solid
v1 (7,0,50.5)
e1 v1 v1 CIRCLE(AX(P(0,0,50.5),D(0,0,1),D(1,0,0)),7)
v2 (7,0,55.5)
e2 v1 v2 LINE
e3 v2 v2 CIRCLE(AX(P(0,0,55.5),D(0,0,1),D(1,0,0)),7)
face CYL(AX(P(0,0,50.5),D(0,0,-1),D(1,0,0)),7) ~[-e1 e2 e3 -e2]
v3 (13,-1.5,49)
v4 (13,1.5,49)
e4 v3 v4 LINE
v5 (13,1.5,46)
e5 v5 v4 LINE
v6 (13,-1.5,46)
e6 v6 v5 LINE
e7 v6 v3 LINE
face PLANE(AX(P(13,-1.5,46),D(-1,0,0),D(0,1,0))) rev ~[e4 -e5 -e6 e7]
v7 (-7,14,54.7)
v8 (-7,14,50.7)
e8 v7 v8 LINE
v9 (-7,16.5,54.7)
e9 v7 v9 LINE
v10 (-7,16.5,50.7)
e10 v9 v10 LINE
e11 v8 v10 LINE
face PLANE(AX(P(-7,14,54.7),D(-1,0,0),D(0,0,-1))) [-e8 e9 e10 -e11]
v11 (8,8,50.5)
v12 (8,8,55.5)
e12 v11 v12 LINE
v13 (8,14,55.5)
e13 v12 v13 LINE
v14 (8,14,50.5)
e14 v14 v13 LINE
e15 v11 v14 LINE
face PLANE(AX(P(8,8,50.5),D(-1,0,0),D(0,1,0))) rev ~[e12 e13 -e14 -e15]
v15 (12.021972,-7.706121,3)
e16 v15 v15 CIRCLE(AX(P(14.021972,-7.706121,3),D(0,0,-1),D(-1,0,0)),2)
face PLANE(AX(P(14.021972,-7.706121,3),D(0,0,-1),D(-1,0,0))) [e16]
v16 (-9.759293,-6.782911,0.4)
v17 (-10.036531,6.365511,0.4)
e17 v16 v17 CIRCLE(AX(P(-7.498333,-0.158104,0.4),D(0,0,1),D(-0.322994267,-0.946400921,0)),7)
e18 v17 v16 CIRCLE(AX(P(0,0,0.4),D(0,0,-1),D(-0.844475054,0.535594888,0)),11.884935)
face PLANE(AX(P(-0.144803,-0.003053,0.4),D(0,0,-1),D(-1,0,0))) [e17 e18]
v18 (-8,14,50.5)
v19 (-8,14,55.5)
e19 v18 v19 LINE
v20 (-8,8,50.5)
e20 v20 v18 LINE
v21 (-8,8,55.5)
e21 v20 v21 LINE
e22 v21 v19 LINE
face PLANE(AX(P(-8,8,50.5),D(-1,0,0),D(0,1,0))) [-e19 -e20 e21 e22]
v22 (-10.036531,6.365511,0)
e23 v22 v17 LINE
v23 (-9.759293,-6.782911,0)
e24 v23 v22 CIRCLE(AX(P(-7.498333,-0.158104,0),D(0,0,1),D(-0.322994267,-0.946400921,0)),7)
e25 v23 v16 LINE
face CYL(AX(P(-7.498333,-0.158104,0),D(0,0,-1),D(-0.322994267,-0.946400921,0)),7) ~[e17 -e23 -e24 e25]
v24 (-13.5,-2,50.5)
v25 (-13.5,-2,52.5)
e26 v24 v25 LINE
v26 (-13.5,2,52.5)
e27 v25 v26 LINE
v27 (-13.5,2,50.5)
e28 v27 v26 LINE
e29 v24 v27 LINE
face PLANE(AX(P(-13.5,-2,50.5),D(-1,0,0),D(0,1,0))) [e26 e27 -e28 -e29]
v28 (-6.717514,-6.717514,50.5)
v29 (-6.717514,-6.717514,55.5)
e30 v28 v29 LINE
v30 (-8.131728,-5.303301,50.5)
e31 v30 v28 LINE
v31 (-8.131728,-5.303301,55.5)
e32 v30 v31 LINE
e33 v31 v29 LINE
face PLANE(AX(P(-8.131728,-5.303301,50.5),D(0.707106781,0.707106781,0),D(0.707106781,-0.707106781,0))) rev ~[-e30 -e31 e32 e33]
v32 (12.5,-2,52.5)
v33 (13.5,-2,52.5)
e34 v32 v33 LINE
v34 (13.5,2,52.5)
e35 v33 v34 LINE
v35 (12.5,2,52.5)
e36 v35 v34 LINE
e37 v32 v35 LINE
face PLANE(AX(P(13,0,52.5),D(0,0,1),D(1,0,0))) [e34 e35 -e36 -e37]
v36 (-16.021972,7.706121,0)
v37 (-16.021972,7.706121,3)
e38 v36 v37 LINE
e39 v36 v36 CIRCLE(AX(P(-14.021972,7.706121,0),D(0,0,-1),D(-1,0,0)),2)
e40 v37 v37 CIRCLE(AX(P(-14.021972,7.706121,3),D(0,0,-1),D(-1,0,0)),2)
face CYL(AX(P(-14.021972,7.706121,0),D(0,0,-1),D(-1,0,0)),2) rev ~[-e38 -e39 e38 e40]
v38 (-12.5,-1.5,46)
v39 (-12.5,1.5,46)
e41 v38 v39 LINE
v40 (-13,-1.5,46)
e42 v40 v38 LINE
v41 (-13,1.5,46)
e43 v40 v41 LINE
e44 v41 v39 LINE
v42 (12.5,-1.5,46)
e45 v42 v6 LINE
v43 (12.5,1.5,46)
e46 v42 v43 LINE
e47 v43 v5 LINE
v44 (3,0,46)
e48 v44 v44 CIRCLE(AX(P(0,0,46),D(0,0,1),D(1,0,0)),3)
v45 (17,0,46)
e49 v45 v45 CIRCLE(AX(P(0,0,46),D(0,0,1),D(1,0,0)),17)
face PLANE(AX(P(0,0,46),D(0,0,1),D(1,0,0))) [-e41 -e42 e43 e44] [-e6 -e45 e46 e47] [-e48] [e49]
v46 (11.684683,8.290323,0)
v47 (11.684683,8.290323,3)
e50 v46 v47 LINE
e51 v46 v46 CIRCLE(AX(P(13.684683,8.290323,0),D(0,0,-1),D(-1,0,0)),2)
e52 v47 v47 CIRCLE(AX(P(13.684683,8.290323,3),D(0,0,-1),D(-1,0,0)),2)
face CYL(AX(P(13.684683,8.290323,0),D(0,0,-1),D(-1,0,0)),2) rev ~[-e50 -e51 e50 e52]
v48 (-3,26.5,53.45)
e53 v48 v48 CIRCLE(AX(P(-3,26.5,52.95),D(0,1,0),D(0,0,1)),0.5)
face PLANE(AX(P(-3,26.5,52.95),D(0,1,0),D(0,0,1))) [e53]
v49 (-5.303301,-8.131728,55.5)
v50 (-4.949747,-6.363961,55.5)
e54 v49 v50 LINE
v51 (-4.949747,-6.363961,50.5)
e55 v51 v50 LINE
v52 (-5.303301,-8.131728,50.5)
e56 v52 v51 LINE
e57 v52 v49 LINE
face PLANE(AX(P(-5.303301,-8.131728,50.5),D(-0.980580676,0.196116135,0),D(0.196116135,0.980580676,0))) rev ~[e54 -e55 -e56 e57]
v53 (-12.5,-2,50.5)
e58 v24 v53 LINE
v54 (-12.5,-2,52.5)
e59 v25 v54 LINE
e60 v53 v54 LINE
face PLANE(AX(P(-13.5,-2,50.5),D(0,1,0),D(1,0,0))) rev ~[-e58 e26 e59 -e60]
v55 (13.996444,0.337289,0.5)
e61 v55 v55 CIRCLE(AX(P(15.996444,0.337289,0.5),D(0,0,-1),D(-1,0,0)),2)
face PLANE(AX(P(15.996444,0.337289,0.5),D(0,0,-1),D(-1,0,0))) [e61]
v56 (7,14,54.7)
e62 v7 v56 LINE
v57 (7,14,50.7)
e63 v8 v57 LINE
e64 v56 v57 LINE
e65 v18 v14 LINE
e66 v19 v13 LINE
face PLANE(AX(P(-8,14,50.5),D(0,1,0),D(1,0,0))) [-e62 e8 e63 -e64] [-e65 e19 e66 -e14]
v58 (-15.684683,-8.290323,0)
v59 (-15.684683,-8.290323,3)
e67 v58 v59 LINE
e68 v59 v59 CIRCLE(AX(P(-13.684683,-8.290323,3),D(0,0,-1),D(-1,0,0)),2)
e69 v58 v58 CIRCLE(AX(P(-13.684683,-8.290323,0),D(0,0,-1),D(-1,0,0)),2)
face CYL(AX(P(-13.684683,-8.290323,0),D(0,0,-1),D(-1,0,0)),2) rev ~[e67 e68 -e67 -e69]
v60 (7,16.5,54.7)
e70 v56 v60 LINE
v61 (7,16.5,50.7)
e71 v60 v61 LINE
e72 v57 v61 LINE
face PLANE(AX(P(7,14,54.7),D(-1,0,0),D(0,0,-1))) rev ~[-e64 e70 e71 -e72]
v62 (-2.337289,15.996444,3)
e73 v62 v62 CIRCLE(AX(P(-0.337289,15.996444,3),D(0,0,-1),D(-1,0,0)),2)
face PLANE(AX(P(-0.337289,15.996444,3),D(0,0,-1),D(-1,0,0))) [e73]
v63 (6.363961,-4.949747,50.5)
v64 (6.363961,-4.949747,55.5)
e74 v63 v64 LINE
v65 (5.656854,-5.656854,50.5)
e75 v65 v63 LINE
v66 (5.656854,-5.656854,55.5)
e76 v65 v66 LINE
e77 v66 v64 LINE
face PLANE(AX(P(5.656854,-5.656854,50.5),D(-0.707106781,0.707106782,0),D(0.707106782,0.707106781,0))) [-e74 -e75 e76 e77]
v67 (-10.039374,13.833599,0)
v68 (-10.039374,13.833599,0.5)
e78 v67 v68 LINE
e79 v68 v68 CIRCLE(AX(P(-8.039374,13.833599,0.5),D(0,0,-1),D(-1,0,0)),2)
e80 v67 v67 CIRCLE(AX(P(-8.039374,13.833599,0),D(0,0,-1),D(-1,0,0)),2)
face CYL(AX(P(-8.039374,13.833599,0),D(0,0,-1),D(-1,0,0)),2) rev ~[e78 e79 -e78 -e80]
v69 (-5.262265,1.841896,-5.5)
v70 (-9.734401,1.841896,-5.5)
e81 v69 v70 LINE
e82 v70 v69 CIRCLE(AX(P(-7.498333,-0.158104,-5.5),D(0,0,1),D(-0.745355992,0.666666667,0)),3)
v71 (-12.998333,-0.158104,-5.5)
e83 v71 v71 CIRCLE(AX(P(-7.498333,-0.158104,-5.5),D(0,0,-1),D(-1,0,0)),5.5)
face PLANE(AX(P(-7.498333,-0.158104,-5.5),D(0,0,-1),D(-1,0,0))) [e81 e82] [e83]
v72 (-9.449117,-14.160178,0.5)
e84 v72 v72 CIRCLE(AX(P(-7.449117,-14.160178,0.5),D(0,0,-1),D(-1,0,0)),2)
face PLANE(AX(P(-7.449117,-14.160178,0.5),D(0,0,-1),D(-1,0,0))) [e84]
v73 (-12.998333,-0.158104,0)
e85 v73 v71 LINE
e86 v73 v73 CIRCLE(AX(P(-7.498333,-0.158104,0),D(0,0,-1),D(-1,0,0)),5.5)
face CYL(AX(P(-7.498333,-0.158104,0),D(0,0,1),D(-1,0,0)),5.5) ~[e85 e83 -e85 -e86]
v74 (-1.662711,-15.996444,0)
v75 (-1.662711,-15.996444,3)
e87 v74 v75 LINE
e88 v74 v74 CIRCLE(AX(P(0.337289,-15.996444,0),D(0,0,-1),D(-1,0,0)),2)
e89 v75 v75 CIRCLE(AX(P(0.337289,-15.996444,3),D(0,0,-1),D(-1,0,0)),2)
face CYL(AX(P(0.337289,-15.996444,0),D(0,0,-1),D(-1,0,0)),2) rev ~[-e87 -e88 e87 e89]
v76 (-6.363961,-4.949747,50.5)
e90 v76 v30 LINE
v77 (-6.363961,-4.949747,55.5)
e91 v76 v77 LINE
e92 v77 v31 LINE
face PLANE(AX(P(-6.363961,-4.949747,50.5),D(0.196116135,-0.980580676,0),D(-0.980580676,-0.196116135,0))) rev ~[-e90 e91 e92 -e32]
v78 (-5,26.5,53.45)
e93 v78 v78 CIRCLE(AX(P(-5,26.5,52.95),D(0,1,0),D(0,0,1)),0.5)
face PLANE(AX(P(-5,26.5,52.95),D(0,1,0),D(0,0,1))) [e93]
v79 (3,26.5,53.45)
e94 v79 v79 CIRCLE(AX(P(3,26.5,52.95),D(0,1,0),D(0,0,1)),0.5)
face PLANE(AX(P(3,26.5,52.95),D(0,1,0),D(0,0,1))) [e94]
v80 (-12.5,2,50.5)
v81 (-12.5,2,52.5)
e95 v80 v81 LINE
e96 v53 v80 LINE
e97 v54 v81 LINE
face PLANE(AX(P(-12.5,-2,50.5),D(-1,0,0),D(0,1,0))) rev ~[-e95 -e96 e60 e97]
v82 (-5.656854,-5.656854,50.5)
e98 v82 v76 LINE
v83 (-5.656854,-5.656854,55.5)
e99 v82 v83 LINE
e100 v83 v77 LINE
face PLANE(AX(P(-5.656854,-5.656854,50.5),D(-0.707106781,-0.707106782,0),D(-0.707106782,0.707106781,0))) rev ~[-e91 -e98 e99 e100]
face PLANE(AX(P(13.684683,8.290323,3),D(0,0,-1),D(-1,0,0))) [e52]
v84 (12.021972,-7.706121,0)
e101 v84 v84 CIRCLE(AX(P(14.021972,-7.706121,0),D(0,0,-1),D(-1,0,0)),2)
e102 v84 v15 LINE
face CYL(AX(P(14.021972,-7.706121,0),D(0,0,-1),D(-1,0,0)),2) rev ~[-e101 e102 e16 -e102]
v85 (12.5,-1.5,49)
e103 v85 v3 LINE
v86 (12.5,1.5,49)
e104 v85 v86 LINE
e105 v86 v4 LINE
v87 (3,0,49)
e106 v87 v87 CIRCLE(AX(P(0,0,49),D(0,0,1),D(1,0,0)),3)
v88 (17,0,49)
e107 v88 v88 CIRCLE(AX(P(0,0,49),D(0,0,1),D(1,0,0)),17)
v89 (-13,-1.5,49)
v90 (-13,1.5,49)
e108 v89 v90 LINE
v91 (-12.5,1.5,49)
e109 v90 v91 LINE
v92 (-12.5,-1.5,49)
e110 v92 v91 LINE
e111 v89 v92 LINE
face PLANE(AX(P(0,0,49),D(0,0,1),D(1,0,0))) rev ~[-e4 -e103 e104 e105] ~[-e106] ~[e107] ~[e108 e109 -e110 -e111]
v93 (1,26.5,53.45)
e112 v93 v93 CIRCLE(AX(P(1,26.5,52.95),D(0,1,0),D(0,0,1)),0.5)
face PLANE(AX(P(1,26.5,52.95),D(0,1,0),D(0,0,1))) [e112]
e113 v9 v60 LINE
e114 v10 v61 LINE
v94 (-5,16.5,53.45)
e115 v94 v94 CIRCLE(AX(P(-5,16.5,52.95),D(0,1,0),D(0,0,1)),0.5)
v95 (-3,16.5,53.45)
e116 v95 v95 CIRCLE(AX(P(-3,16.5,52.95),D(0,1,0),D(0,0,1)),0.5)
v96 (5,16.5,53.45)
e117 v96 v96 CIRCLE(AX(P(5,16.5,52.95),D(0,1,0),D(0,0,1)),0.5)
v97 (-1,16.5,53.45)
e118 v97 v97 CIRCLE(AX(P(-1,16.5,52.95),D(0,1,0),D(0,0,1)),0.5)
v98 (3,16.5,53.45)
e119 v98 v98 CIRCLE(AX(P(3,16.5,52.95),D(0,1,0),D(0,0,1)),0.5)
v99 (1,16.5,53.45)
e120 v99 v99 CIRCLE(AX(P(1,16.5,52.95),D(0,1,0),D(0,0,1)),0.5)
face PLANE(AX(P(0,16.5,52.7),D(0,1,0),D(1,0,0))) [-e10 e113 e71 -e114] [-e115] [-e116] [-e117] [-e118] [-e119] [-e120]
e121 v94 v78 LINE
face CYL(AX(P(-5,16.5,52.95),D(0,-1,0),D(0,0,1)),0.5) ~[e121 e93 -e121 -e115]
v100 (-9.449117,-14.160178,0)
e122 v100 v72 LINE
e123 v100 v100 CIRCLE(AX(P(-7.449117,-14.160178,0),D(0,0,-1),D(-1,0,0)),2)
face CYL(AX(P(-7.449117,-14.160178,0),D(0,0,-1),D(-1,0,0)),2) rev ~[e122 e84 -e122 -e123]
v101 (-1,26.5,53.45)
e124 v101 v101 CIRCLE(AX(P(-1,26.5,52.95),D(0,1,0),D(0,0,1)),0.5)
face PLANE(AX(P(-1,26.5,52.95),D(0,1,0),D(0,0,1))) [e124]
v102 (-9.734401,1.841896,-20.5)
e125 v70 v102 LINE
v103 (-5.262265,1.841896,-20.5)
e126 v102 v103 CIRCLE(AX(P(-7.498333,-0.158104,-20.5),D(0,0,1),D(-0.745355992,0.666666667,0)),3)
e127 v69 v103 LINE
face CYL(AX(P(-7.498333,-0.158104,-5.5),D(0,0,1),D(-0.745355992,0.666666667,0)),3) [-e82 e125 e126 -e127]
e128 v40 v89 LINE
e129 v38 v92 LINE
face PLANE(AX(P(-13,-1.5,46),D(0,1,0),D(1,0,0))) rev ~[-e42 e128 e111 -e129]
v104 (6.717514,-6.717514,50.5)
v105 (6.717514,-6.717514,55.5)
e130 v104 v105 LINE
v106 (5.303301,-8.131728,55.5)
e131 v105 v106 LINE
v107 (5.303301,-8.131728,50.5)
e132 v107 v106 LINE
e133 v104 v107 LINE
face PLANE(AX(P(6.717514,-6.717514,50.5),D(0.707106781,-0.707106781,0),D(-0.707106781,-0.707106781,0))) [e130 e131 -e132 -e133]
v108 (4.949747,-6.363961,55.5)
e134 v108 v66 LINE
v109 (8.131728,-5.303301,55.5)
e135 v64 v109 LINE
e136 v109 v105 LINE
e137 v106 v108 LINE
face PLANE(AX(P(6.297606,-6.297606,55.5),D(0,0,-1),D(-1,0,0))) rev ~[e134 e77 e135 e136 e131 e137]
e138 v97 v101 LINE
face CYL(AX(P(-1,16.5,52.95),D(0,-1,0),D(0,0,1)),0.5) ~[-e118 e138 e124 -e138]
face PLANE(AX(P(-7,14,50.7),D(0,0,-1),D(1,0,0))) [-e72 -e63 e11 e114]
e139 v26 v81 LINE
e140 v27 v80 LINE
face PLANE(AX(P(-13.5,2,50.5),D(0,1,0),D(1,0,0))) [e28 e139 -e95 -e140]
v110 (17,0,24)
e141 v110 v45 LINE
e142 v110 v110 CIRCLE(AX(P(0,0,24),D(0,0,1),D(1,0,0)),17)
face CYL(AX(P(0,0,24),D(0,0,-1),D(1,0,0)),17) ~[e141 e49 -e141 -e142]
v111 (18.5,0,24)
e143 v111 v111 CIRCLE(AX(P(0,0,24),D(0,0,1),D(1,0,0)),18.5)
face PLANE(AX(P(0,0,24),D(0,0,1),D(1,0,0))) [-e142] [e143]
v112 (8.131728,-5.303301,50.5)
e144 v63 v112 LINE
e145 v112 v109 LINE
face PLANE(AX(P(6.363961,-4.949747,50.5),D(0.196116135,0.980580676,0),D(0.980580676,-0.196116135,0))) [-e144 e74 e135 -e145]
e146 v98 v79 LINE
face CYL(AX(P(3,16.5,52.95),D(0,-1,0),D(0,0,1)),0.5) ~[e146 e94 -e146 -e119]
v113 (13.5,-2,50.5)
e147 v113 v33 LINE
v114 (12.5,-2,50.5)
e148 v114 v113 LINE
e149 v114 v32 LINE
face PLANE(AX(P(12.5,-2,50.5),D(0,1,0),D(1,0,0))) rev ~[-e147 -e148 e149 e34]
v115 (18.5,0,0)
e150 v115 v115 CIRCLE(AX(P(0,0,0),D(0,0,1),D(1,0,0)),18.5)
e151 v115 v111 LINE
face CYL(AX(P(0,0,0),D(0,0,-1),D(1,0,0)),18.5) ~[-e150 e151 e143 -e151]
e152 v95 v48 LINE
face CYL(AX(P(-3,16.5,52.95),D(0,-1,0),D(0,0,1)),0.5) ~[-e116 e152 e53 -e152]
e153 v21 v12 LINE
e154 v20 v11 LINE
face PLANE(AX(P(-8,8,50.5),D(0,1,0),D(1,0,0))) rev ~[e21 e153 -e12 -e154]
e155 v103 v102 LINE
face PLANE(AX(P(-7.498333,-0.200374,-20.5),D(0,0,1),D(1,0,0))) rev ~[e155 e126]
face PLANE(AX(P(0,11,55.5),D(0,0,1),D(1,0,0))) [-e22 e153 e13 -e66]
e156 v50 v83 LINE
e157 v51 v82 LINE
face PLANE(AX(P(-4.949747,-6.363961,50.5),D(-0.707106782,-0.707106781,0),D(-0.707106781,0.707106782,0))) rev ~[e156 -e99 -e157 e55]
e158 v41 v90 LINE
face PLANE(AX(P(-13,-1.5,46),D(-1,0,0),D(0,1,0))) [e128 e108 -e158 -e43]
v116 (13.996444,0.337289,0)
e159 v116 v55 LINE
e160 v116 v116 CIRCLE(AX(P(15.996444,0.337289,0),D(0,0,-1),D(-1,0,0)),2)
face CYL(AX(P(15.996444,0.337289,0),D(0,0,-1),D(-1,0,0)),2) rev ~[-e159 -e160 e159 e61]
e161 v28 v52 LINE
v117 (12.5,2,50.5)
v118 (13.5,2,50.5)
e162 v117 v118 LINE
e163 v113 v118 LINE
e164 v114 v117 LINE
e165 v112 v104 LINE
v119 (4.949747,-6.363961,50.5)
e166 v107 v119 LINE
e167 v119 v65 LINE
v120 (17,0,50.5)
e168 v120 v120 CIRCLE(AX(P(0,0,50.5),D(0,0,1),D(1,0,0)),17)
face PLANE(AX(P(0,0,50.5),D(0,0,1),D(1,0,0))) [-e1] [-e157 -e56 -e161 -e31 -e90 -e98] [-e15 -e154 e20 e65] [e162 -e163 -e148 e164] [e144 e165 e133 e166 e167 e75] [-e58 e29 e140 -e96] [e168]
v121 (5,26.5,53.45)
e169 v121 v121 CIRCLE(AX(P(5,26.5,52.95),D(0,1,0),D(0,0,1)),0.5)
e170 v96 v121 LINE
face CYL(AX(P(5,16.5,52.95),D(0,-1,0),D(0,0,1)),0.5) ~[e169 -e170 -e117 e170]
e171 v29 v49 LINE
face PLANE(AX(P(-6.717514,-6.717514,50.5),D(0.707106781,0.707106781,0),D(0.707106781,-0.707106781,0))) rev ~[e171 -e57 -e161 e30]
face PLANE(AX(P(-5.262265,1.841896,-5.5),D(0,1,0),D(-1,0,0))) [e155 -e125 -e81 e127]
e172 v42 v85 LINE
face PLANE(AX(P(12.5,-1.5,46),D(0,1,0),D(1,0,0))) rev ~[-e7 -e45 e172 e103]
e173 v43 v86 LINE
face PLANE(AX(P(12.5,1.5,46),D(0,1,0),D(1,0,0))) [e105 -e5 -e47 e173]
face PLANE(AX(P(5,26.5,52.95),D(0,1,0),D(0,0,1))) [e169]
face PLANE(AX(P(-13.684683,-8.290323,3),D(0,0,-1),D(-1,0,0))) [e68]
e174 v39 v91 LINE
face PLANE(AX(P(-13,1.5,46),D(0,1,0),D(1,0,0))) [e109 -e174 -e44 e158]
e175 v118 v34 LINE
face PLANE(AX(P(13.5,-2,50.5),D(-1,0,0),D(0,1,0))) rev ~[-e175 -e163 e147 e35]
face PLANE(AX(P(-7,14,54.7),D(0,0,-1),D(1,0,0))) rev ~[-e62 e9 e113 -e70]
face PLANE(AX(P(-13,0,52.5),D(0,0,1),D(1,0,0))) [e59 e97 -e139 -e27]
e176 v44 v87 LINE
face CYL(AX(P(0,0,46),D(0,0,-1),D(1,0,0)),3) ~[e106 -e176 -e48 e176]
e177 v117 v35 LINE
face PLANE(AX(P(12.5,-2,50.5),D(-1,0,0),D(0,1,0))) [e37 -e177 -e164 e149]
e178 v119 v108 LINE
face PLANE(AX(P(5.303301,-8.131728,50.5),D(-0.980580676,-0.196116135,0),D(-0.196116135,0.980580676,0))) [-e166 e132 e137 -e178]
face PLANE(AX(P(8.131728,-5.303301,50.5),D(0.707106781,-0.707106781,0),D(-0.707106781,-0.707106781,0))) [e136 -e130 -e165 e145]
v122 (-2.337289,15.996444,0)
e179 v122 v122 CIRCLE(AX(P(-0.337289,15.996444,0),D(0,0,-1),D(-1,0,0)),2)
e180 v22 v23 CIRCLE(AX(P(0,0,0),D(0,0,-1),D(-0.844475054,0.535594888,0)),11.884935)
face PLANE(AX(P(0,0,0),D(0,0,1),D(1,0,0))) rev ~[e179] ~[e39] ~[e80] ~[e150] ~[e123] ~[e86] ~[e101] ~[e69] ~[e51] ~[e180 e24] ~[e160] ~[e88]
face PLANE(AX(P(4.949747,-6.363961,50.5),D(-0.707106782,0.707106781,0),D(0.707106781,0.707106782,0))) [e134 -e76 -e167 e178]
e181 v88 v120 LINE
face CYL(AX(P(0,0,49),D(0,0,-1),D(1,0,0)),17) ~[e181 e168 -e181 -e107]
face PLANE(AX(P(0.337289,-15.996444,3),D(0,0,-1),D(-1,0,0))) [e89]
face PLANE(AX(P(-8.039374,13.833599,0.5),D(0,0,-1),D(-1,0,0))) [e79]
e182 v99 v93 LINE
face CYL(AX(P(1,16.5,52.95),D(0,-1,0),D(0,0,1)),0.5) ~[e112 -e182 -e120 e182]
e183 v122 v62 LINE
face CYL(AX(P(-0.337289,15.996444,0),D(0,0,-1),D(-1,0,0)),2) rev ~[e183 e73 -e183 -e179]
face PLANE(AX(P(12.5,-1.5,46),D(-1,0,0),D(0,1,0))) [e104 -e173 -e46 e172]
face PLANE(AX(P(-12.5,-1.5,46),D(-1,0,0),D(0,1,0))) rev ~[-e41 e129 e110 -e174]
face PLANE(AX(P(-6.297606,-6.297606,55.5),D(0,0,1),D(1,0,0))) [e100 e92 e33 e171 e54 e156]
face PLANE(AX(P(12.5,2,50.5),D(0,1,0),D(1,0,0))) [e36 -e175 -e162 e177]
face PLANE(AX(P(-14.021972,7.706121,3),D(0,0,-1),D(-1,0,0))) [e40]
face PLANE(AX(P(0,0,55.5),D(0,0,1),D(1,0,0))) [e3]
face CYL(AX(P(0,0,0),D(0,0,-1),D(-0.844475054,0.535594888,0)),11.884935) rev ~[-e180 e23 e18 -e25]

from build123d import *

# Parameters (mm, degrees)
SKETCH_1_R             = 18.5
EXTRUDE_1_DEPTH        = 24
SKETCH_2_R             = 17
EXTRUDE_2_DEPTH        = 22
SKETCH_3_R             = 3
SKETCH_3_W             = 0.5
SKETCH_3_H             = 3
EXTRUDE_3_DEPTH        = 3
SKETCH_4_R             = 17
EXTRUDE_4_DEPTH        = 1.5
SKETCH_5_R             = 7
EXTRUDE_5_DEPTH        = 5
SKETCH_6_W             = 1
SKETCH_6_H             = 4
EXTRUDE_6_DEPTH        = 2
SKETCH_7_W             = 16
SKETCH_7_H             = 6
EXTRUDE_7_DEPTH        = 5
SKETCH_8_W             = 14
SKETCH_8_H             = 4
EXTRUDE_8_DEPTH        = 2.5
SKETCH_9_R             = 0.5
EXTRUDE_9_DEPTH        = 10
PATTERN_LINEAR_1_COUNT = 6
PATTERN_LINEAR_1_PITCH = 2
SKETCH_11_R            = 5.5
EXTRUDE_10_DEPTH       = 5.5
EXTRUDE_11_DEPTH       = 15
CUT_EXTRUDE_2_DEPTH    = 0.4
SKETCH_14_R            = 2
CUT_EXTRUDE_3_DEPTH    = 0.5
SKETCH_15_R            = 2
CUT_EXTRUDE_4_DEPTH    = 3


with BuildPart() as part:
    # 草图1 → 凸台-拉伸1 (new body)
    with BuildSketch(Plane.XY):
        Circle(SKETCH_1_R)
    extrude(amount=EXTRUDE_1_DEPTH)

    # 草图2 → 凸台-拉伸2 (add)
    with BuildSketch(Plane.XY.offset(24)):
        Circle(SKETCH_2_R)
    extrude(amount=EXTRUDE_2_DEPTH)

    # 草图3 → 凸台-拉伸3 (add)
    with BuildSketch(Plane.XY.offset(46)):
        Circle(SKETCH_3_R)
        with Locations((-12.75, 0)):
            Rectangle(SKETCH_3_W, SKETCH_3_H)
        with Locations((12.75, 0)):
            Rectangle(SKETCH_3_W, SKETCH_3_H)
    extrude(amount=EXTRUDE_3_DEPTH)

    # 草图4 → 凸台-拉伸4 (add)
    with BuildSketch(Plane.XY.offset(49)):
        Circle(SKETCH_4_R)
    extrude(amount=EXTRUDE_4_DEPTH)

    # 草图5 → 凸台-拉伸5 (add)
    with BuildSketch(Plane.XY.offset(50.5)):
        Circle(SKETCH_5_R)
        Polygon((-5.656854249, -5.656854249), (-6.363961031, -4.949747468), (-8.131727984, -5.303300859), (-6.717514421, -6.717514421), (-5.303300859, -8.131727984), (-4.949747468, -6.363961031), align=None)
        Polygon((5.656854249, -5.656854249), (6.363961031, -4.949747468), (8.131727984, -5.303300859), (6.717514421, -6.717514421), (5.303300859, -8.131727984), (4.949747468, -6.363961031), align=None)
    extrude(amount=EXTRUDE_5_DEPTH)

    # 草图6 → 凸台-拉伸6 (add)
    with BuildSketch(Plane.XY.offset(50.5)):
        with Locations((-13, 0)):
            Rectangle(SKETCH_6_W, SKETCH_6_H)
        with Locations((13, 0)):
            Rectangle(SKETCH_6_W, SKETCH_6_H)
    extrude(amount=EXTRUDE_6_DEPTH)

    # 草图7 → 凸台-拉伸7 (add)
    with BuildSketch(Plane.XY.offset(50.5)):
        with Locations((0, 11)):
            Rectangle(SKETCH_7_W, SKETCH_7_H)
    extrude(amount=EXTRUDE_7_DEPTH)

    # 草图8 → 凸台-拉伸8 (add)
    with BuildSketch(Plane(origin=(0, 14, 0), x_dir=(1, 0, 0), z_dir=(0, 1, 0))):
        with Locations((0, -52.7)):
            Rectangle(SKETCH_8_W, SKETCH_8_H)
    extrude(amount=EXTRUDE_8_DEPTH)

    # 草图9 → 凸台-拉伸9 (add)
    with BuildSketch(Plane(origin=(0, 16.5, 0), x_dir=(1, 0, 0), z_dir=(0, 1, 0))):
        with Locations(Location((5, -52.95, 0), (0, 0, 270))):
            Circle(SKETCH_9_R)
    extrude_9 = extrude(amount=EXTRUDE_9_DEPTH)

    # 阵列(线性)1: 凸台-拉伸9 ×6
    with Locations(*[(-i * PATTERN_LINEAR_1_PITCH, 0, 0) for i in range(1, PATTERN_LINEAR_1_COUNT)]):
        add(extrude_9)

    # 草图11 → 凸台-拉伸10 (add)
    with BuildSketch(Plane(origin=(0, 0, 0), x_dir=(-1, 0, 0), z_dir=(0, 0, -1))):
        with Locations((7.498333348, -0.158104393)):
            Circle(SKETCH_11_R)
    extrude(amount=EXTRUDE_10_DEPTH)

    # 草图12 → 凸台-拉伸11 (add)
    with BuildSketch(Plane(origin=(0, 0, -5.5), x_dir=(-1, 0, 0), z_dir=(0, 0, -1))):
        with BuildLine():
            Line((5.262265371, 1.841895607), (9.734401326, 1.841895607))
            ThreePointArc((9.734401326, 1.841895607), (7.498333348, -3.158104393), (5.262265371, 1.841895607))
        make_face()
    extrude(amount=EXTRUDE_11_DEPTH)

    # 草图10 → 切除-拉伸2 (cut)
    with BuildSketch(Plane(origin=(0, 0, 0), x_dir=(-1, 0, 0), z_dir=(0, 0, -1))):
        with BuildLine():
            ThreePointArc((10.036531252, 6.36551051), (-11.882294081, 0.250541395), (9.759293221, -6.78291084))
            ThreePointArc((9.759293221, -6.78291084), (0.49988889, -0.010540293), (10.036531252, 6.36551051))
        make_face()
    extrude(amount=-CUT_EXTRUDE_2_DEPTH, mode=Mode.SUBTRACT)

    # 草图14 → 切除-拉伸3 (cut)
    with BuildSketch(Plane(origin=(0, 0, 0), x_dir=(-1, 0, 0), z_dir=(0, 0, -1))):
        with Locations((8.039373582, 13.833599402)):
            Circle(SKETCH_14_R)
        with Locations((7.449117181, -14.160178432)):
            Circle(SKETCH_14_R)
        with Locations((-15.996444476, 0.337289372)):
            Circle(SKETCH_14_R)
    extrude(amount=-CUT_EXTRUDE_3_DEPTH, mode=Mode.SUBTRACT)

    # 草图15 → 切除-拉伸4 (cut)
    with BuildSketch(Plane(origin=(0, 0, 0), x_dir=(-1, 0, 0), z_dir=(0, 0, -1))):
        with Locations((-0.337289372, -15.996444476)):
            Circle(SKETCH_15_R)
        with Locations((0.337289372, 15.996444476)):
            Circle(SKETCH_15_R)
        with Locations((-14.021971973, -7.706121074)):
            Circle(SKETCH_15_R)
        with Locations((-13.684682601, 8.290323403)):
            Circle(SKETCH_15_R)
        with Locations((13.684682601, -8.290323403)):
            Circle(SKETCH_15_R)
        with Locations((14.021971973, 7.706121074)):
            Circle(SKETCH_15_R)
    extrude(amount=-CUT_EXTRUDE_4_DEPTH, mode=Mode.SUBTRACT)


solid = part.part
